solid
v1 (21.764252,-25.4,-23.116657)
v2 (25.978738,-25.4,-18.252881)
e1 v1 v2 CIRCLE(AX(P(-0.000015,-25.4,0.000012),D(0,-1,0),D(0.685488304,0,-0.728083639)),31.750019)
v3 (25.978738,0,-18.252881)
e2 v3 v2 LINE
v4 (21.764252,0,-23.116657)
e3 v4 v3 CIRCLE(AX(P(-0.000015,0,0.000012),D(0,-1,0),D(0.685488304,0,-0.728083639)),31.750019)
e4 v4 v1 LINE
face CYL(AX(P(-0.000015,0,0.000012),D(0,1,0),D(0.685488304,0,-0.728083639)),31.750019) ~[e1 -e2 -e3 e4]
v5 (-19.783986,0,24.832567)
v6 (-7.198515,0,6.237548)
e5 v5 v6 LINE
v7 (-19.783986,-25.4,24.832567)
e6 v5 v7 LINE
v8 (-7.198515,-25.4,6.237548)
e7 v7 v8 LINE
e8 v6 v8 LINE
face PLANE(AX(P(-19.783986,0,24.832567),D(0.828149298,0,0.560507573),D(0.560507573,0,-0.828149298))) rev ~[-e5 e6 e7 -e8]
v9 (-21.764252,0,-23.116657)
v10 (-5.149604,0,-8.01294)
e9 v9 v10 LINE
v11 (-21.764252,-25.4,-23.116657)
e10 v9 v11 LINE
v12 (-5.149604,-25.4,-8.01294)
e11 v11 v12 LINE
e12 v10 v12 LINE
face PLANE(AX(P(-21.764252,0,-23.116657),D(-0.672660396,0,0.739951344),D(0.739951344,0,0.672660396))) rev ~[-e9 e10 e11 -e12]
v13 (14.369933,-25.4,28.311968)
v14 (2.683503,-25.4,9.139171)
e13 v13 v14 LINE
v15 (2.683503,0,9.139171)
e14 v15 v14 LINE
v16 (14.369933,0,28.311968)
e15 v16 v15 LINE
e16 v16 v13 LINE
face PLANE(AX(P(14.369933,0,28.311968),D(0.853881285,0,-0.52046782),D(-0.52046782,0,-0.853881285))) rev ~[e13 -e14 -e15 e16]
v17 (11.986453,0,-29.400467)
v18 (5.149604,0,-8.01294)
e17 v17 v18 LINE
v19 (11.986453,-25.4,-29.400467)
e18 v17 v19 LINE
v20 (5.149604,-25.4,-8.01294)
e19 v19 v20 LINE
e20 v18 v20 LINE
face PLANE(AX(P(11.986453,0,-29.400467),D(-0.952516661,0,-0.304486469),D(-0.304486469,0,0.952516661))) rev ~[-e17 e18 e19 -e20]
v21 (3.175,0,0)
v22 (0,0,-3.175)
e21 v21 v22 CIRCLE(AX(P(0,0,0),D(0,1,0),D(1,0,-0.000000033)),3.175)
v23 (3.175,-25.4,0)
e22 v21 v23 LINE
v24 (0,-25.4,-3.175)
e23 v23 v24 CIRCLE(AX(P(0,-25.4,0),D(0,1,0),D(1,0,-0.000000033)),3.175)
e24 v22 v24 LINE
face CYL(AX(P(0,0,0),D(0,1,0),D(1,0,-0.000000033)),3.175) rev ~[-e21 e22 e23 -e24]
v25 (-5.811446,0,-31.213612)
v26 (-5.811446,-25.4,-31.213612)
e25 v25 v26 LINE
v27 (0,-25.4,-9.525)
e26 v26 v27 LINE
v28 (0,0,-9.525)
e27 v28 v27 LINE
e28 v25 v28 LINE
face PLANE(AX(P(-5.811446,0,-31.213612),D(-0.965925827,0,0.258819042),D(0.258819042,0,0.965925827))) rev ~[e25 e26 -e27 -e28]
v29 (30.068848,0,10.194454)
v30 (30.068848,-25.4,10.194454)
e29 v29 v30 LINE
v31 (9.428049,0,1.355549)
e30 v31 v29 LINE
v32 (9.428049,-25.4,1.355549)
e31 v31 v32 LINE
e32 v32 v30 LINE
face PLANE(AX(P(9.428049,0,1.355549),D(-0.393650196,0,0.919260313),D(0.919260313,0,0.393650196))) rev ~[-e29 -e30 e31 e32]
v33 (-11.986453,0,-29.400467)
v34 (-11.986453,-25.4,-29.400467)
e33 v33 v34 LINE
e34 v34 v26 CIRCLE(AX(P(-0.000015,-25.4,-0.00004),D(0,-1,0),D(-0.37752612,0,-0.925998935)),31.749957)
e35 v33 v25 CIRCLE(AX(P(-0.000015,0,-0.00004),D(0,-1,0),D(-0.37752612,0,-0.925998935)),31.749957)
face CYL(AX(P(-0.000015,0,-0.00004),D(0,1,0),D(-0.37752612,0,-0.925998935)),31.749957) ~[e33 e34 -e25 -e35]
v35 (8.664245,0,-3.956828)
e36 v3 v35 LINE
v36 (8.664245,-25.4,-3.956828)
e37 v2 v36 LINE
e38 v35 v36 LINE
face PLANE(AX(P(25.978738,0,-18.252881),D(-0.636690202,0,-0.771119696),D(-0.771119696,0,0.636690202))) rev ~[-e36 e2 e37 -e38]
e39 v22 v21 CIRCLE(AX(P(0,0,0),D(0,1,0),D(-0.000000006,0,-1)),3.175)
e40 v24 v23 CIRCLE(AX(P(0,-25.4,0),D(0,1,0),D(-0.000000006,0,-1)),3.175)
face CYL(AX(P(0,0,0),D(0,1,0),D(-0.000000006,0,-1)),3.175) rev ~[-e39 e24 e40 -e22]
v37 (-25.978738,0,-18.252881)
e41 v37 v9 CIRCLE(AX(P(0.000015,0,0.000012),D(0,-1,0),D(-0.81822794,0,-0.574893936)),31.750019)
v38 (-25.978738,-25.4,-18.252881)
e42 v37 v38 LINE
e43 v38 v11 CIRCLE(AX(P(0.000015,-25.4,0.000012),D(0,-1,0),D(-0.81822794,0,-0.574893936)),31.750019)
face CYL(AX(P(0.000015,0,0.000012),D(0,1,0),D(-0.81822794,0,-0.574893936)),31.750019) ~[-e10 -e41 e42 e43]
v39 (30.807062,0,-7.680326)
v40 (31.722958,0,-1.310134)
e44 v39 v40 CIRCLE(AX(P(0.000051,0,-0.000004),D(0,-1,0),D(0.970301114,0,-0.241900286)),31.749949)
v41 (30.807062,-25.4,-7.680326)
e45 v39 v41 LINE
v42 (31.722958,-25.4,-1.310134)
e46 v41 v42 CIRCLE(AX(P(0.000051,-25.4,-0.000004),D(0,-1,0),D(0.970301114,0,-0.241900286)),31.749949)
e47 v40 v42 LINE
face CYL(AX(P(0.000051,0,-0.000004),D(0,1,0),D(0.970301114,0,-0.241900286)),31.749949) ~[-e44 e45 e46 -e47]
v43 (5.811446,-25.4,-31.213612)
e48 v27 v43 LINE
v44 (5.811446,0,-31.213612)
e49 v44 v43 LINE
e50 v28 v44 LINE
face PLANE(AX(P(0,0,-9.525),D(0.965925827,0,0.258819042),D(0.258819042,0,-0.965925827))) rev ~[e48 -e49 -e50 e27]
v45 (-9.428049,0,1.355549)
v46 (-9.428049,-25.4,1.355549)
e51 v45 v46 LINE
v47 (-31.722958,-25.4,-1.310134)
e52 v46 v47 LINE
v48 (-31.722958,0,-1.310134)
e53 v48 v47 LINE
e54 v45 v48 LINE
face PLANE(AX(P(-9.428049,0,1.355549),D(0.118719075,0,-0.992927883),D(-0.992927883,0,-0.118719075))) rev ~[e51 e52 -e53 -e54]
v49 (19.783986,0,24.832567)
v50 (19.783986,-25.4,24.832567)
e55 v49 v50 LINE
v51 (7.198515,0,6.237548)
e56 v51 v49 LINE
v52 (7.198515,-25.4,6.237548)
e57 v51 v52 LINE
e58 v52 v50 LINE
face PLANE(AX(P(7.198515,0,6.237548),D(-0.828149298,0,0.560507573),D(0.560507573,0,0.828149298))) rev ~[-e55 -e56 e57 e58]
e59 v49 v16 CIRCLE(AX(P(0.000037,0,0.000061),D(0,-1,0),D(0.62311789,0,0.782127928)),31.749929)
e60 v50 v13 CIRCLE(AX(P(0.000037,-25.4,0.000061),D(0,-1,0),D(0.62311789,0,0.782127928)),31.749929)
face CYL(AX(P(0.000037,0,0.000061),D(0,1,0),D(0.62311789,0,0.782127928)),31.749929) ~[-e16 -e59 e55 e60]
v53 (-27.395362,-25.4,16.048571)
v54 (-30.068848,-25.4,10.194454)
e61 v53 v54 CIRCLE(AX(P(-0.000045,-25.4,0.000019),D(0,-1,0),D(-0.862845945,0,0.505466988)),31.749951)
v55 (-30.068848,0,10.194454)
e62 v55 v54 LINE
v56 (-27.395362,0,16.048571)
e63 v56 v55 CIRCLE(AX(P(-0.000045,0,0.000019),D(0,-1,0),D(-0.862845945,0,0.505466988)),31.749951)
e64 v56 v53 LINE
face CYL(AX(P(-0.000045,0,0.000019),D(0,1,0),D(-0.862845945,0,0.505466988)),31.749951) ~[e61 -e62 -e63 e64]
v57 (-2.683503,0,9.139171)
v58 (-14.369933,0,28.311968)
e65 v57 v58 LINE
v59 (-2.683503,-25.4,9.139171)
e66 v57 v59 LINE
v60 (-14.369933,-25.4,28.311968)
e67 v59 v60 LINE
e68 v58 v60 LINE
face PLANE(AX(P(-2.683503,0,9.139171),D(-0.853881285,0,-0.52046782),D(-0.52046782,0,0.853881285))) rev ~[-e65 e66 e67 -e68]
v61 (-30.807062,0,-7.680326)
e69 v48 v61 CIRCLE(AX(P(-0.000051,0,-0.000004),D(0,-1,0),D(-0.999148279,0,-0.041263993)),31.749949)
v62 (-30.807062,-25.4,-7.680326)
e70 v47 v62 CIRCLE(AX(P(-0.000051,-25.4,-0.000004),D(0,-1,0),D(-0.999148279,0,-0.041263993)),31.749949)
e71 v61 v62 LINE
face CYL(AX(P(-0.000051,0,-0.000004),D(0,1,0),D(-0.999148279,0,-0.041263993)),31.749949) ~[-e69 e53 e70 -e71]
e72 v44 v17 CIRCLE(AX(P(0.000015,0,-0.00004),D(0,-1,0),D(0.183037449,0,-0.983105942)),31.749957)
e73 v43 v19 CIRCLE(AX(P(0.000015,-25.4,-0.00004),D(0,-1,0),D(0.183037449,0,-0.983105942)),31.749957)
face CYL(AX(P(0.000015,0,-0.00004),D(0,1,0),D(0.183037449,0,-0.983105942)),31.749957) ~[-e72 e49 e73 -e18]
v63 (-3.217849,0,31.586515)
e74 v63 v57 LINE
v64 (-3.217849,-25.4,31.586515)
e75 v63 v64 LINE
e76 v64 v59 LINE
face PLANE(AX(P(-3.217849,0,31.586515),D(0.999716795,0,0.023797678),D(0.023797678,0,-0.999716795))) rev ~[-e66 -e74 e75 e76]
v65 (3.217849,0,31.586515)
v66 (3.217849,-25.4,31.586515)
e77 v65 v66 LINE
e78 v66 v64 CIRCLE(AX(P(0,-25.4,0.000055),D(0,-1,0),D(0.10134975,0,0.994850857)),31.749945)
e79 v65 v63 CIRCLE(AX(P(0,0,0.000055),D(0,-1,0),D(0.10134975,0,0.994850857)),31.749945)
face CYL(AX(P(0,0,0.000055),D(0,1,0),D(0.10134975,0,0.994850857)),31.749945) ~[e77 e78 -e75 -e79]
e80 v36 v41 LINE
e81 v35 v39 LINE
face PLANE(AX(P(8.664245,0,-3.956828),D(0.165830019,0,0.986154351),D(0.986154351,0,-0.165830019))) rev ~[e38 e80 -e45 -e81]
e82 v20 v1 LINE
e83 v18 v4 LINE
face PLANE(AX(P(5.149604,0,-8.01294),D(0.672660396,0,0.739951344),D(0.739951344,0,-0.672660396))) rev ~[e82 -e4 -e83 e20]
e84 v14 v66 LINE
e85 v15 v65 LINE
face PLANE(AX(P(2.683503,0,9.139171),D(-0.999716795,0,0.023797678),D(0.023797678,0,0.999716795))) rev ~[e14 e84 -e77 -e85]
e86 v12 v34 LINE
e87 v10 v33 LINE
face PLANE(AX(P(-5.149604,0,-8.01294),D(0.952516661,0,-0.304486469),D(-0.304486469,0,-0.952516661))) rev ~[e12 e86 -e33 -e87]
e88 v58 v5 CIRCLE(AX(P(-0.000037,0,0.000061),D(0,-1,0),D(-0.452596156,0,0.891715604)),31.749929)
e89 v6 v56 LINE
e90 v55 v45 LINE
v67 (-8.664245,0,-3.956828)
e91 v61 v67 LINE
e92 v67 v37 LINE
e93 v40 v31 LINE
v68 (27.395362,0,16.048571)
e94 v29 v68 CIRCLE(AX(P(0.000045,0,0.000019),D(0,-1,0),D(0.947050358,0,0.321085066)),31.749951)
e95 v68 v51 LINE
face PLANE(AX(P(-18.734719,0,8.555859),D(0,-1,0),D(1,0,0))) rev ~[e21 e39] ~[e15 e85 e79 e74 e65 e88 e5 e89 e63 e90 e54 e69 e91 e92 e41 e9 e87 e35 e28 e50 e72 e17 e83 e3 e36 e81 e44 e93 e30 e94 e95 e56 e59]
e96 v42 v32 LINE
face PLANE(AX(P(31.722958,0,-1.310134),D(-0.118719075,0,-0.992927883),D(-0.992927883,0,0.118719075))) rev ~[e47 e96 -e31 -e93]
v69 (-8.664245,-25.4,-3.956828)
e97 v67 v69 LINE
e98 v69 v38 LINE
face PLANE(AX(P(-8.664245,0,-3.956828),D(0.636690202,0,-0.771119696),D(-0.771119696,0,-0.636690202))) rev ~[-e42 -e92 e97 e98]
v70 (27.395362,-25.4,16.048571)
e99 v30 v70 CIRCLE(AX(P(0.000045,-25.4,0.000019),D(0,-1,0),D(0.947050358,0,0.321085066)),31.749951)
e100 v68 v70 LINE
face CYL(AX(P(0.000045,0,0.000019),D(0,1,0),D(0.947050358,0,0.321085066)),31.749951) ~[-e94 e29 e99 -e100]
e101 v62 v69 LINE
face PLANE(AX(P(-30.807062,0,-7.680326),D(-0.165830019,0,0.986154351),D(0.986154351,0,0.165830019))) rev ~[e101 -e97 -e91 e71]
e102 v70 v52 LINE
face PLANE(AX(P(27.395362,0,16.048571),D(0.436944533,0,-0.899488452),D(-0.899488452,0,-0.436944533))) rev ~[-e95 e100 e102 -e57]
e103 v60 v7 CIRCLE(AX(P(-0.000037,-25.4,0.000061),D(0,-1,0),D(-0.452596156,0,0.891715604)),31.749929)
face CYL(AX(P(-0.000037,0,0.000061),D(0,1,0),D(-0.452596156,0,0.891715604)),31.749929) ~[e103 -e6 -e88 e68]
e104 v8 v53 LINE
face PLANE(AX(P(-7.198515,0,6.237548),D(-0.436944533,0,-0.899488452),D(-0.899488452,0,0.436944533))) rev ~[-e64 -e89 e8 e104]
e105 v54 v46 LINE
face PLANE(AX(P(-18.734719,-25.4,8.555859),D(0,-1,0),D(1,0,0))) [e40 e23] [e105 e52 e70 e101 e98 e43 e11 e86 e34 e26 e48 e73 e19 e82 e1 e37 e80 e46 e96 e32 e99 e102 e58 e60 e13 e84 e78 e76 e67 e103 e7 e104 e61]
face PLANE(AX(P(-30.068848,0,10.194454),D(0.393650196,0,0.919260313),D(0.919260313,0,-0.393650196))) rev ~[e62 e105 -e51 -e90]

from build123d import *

# Parameters (mm, degrees)
F1_DEPTH = 25.4


with BuildPart() as f1:
    # F0 (on Front) → F1 (new body)
    with BuildSketch(Plane.XZ):
        with BuildLine():
            ThreePointArc((-9.428049, 1.355549), (-8.664245, 3.956828), (-7.198515, 6.237548))
            Line((-7.198515, 6.237548), (-27.395362, 16.048571))
            ThreePointArc((-27.395362, 16.048571), (-28.880816, 13.189427), (-30.068848, 10.194454))
            Line((-30.068848, 10.194454), (-9.428049, 1.355549))
        make_face()
        with BuildLine():
            ThreePointArc((-7.198515, 6.237548), (-5.149604, 8.01294), (-2.683503, 9.139171))
            Line((-2.683503, 9.139171), (-14.369933, 28.311968))
            ThreePointArc((-14.369933, 28.311968), (-17.165346, 26.7098), (-19.783986, 24.832567))
            Line((-19.783986, 24.832567), (-7.198515, 6.237548))
        make_face()
        with BuildLine():
            ThreePointArc((9.525, 0), (9.500731, 0.679506), (9.428049, 1.355549))
            ThreePointArc((9.428049, 1.355549), (8.664245, 3.956828), (7.198515, 6.237548))
            ThreePointArc((7.198515, 6.237548), (5.149604, 8.01294), (2.683503, 9.139171))
            ThreePointArc((2.683503, 9.139171), (0, 9.525), (-2.683503, 9.139171))
            ThreePointArc((-2.683503, 9.139171), (-5.149604, 8.01294), (-7.198515, 6.237548))
            ThreePointArc((-7.198515, 6.237548), (-8.664245, 3.956828), (-9.428049, 1.355549))
            ThreePointArc((-9.428049, 1.355549), (-9.428049, -1.355549), (-8.664245, -3.956828))
            ThreePointArc((-8.664245, -3.956828), (-7.198515, -6.237548), (-5.149604, -8.01294))
            ThreePointArc((-5.149604, -8.01294), (-2.683503, -9.139171), (0, -9.525))
            ThreePointArc((0, -9.525), (2.683503, -9.139171), (5.149604, -8.01294))
            ThreePointArc((5.149604, -8.01294), (7.198515, -6.237548), (8.664245, -3.956828))
            ThreePointArc((8.664245, -3.956828), (9.307324, -2.024684), (9.525, 0))
        make_face()
        with BuildLine():
            ThreePointArc((3.175, 0), (2.245064, -2.245064), (0, -3.175))
            ThreePointArc((0, -3.175), (-2.245064, 2.245064), (3.175, 0))
        make_face(mode=Mode.SUBTRACT)
        with BuildLine():
            ThreePointArc((-2.683503, 9.139171), (0, 9.525), (2.683503, 9.139171))
            Line((2.683503, 9.139171), (3.217849, 31.586515))
            ThreePointArc((3.217849, 31.586515), (0, 31.75), (-3.217849, 31.586515))
            Line((-3.217849, 31.586515), (-2.683503, 9.139171))
        make_face()
        with BuildLine():
            Line((7.198515, 6.237548), (19.783986, 24.832567))
            ThreePointArc((19.783986, 24.832567), (17.165346, 26.7098), (14.369933, 28.311968))
            Line((14.369933, 28.311968), (2.683503, 9.139171))
            ThreePointArc((2.683503, 9.139171), (5.149604, 8.01294), (7.198515, 6.237548))
        make_face()
        with BuildLine():
            Line((9.428049, 1.355549), (30.068848, 10.194454))
            ThreePointArc((30.068848, 10.194454), (28.880816, 13.189427), (27.395362, 16.048571))
            Line((27.395362, 16.048571), (7.198515, 6.237548))
            ThreePointArc((7.198515, 6.237548), (8.664245, 3.956828), (9.428049, 1.355549))
        make_face()
        with BuildLine():
            ThreePointArc((30.807062, -7.680326), (31.426831, -4.518496), (31.722958, -1.310134))
            Line((31.722958, -1.310134), (9.428049, 1.355549))
            ThreePointArc((9.428049, 1.355549), (9.500731, 0.679506), (9.525, 0))
            ThreePointArc((9.525, 0), (9.307324, -2.024684), (8.664245, -3.956828))
            Line((8.664245, -3.956828), (30.807062, -7.680326))
        make_face()
        with BuildLine():
            ThreePointArc((21.764252, -23.116657), (23.995049, -20.791828), (25.978738, -18.252881))
            Line((25.978738, -18.252881), (8.664245, -3.956828))
            ThreePointArc((8.664245, -3.956828), (7.198515, -6.237548), (5.149604, -8.01294))
            Line((5.149604, -8.01294), (21.764252, -23.116657))
        make_face()
        with BuildLine():
            Line((11.986453, -29.400467), (5.149604, -8.01294))
            ThreePointArc((5.149604, -8.01294), (2.683503, -9.139171), (0, -9.525))
            Line((0, -9.525), (5.811446, -31.213612))
            ThreePointArc((5.811446, -31.213612), (8.945009, -30.463902), (11.986453, -29.400467))
        make_face()
        with BuildLine():
            Line((-5.811446, -31.213612), (0, -9.525))
            ThreePointArc((0, -9.525), (-2.683503, -9.139171), (-5.149604, -8.01294))
            Line((-5.149604, -8.01294), (-11.986453, -29.400467))
            ThreePointArc((-11.986453, -29.400467), (-8.945009, -30.463902), (-5.811446, -31.213612))
        make_face()
        with BuildLine():
            Line((-21.764252, -23.116657), (-5.149604, -8.01294))
            ThreePointArc((-5.149604, -8.01294), (-7.198515, -6.237548), (-8.664245, -3.956828))
            Line((-8.664245, -3.956828), (-25.978738, -18.252881))
            ThreePointArc((-25.978738, -18.252881), (-23.995049, -20.791828), (-21.764252, -23.116657))
        make_face()
        with BuildLine():
            ThreePointArc((-8.664245, -3.956828), (-9.428049, -1.355549), (-9.428049, 1.355549))
            Line((-9.428049, 1.355549), (-31.722958, -1.310134))
            ThreePointArc((-31.722958, -1.310134), (-31.426831, -4.518496), (-30.807062, -7.680326))
            Line((-30.807062, -7.680326), (-8.664245, -3.956828))
        make_face()
    extrude(amount=F1_DEPTH)


solid = f1.part
